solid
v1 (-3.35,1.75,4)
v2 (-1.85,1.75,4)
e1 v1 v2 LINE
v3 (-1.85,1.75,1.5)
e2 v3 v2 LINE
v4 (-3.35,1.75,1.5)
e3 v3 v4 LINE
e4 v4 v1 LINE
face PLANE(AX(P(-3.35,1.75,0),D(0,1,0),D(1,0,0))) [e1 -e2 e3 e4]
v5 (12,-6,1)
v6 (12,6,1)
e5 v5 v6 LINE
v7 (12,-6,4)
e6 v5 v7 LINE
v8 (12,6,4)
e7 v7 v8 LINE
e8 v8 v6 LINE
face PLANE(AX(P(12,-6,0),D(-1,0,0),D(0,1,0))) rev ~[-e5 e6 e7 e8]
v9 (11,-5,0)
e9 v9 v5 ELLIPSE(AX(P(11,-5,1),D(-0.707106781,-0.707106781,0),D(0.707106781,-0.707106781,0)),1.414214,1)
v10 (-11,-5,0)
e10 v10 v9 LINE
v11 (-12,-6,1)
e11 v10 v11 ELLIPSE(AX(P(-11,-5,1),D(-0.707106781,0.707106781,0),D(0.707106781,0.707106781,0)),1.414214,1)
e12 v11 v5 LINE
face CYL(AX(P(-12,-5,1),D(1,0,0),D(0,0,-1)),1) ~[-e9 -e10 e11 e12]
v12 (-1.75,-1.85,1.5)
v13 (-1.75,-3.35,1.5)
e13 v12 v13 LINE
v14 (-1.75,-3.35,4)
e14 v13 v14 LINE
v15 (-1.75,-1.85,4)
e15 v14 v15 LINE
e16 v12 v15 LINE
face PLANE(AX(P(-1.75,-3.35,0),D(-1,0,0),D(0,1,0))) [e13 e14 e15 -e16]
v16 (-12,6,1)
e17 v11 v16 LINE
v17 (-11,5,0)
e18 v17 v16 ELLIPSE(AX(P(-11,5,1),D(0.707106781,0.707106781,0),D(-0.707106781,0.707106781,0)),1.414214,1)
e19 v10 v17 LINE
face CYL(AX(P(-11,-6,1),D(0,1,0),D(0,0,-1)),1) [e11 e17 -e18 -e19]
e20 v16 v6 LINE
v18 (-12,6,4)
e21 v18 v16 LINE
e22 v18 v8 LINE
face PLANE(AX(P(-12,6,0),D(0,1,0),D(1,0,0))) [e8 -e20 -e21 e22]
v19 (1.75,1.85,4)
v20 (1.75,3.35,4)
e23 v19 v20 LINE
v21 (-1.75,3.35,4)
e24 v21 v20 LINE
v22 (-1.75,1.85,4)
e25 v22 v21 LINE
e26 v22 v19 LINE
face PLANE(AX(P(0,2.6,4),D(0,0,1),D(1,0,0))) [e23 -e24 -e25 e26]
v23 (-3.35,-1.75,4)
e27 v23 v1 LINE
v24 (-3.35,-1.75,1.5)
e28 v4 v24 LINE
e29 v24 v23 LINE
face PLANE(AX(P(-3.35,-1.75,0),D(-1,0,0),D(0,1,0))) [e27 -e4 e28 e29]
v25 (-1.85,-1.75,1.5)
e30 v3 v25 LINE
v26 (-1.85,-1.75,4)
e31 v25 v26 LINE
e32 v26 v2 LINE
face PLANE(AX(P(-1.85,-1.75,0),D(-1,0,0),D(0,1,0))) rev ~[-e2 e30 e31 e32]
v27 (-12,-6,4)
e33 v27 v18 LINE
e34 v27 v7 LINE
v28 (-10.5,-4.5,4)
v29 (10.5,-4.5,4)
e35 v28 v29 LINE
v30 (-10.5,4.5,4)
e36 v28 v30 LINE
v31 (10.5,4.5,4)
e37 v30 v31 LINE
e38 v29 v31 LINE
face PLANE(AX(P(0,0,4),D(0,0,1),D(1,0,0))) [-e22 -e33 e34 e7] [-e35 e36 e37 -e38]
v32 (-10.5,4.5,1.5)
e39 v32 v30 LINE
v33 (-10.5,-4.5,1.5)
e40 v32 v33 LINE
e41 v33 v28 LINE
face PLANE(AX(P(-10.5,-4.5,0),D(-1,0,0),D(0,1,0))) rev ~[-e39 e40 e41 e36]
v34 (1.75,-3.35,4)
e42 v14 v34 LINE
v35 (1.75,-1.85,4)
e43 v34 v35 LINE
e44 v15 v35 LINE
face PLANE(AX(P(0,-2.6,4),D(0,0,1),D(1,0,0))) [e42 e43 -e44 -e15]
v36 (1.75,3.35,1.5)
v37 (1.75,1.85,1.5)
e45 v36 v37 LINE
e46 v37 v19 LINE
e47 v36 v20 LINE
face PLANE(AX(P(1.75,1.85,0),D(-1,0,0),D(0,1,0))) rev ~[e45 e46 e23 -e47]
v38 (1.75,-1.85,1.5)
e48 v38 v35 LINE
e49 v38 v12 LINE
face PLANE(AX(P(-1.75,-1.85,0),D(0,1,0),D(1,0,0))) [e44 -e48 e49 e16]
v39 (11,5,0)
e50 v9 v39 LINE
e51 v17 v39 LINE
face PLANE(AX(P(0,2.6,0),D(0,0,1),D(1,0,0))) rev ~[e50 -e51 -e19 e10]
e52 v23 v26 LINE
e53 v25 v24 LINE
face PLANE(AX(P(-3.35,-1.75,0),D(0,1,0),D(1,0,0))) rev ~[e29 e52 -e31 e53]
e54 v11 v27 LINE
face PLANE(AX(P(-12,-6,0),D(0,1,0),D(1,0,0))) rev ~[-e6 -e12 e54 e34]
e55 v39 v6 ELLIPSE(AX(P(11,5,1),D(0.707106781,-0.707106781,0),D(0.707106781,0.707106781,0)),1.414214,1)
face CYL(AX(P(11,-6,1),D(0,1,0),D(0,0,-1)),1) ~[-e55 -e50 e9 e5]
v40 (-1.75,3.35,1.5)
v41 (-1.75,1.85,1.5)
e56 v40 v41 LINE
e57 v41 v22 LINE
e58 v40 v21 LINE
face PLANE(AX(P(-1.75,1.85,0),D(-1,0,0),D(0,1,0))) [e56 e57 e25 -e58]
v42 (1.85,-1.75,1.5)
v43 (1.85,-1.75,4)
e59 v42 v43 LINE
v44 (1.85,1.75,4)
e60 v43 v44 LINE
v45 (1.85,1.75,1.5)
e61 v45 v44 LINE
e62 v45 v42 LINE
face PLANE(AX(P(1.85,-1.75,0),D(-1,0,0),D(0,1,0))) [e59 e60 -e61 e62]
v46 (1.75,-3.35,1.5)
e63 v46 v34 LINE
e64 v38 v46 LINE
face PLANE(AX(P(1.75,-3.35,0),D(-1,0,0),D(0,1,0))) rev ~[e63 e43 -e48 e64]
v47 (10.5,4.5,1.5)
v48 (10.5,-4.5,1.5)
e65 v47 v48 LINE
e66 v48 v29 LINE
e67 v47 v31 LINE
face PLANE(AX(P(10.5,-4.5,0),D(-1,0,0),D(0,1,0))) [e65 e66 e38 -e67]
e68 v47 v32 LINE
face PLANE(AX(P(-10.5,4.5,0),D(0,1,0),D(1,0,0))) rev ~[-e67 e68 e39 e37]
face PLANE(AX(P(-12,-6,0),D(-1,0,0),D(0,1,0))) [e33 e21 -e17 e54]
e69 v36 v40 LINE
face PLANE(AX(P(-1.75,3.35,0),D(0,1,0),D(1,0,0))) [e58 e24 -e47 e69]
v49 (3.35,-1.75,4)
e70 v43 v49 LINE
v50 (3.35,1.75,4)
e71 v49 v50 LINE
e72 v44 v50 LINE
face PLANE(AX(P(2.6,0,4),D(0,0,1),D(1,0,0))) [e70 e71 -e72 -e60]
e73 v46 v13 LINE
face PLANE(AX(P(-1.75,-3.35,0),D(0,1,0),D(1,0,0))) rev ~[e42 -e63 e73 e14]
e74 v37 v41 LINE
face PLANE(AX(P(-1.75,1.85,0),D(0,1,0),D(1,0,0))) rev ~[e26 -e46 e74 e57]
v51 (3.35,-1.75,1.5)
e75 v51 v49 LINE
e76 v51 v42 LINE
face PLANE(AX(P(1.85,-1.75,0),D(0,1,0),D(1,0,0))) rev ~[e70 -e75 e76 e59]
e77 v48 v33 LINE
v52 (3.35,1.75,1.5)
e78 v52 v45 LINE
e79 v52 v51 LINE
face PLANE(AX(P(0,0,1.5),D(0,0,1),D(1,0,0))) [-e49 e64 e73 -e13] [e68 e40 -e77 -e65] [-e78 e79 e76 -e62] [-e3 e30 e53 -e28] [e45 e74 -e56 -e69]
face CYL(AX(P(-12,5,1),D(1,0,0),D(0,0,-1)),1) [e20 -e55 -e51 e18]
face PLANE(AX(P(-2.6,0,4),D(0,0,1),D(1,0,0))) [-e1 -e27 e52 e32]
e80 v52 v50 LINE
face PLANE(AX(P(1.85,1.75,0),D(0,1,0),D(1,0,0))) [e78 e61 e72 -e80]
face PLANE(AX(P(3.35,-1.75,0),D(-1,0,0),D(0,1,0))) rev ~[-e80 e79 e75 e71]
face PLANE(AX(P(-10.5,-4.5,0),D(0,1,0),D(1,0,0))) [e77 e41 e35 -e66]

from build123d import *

# Parameters (mm, degrees)
SKETCH_W      = 24
SKETCH_H      = 12
PAD_DEPTH     = 1.5
SKETCH002_W   = 3.5
SKETCH002_H   = 1.5
SKETCH002_W_2 = 1.5
SKETCH002_H_2 = 3.5
PAD002_DEPTH  = 4
SKETCH003_W   = 24
SKETCH003_H   = 12
SKETCH003_W_2 = 21
SKETCH003_H_2 = 9
PAD003_DEPTH  = 4
FILLET_R      = 1


with BuildPart() as part:
    # Sketch → Pad (new body)
    with BuildSketch(Plane.XY):
        Rectangle(SKETCH_W, SKETCH_H)
    extrude(amount=PAD_DEPTH)

    # Sketch002 → Pad002 (join)
    with BuildSketch(Plane.XY):
        with Locations((0, 2.6)):
            Rectangle(SKETCH002_W, SKETCH002_H)
        with Locations((0, -2.6)):
            Rectangle(SKETCH002_W, SKETCH002_H)
        with Locations((-2.6, 0)):
            Rectangle(SKETCH002_W_2, SKETCH002_H_2)
        with Locations((2.6, 0)):
            Rectangle(SKETCH002_W_2, SKETCH002_H_2)
    extrude(amount=PAD002_DEPTH)

    # Sketch003 → Pad003 (join)
    with BuildSketch(Plane.XY):
        Rectangle(SKETCH003_W, SKETCH003_H)
        Rectangle(SKETCH003_W_2, SKETCH003_H_2, mode=Mode.SUBTRACT)
    extrude(amount=PAD003_DEPTH)

    # Fillet
    fillet_edges = [part.edges().sort_by_distance(p)[0] for p in [
        (-12, 0, 0),
        (0, -6, 0),
        (12, 0, 0),
        (0, 6, 0),
    ]]
    fillet(fillet_edges, radius=FILLET_R)


solid = part.part
